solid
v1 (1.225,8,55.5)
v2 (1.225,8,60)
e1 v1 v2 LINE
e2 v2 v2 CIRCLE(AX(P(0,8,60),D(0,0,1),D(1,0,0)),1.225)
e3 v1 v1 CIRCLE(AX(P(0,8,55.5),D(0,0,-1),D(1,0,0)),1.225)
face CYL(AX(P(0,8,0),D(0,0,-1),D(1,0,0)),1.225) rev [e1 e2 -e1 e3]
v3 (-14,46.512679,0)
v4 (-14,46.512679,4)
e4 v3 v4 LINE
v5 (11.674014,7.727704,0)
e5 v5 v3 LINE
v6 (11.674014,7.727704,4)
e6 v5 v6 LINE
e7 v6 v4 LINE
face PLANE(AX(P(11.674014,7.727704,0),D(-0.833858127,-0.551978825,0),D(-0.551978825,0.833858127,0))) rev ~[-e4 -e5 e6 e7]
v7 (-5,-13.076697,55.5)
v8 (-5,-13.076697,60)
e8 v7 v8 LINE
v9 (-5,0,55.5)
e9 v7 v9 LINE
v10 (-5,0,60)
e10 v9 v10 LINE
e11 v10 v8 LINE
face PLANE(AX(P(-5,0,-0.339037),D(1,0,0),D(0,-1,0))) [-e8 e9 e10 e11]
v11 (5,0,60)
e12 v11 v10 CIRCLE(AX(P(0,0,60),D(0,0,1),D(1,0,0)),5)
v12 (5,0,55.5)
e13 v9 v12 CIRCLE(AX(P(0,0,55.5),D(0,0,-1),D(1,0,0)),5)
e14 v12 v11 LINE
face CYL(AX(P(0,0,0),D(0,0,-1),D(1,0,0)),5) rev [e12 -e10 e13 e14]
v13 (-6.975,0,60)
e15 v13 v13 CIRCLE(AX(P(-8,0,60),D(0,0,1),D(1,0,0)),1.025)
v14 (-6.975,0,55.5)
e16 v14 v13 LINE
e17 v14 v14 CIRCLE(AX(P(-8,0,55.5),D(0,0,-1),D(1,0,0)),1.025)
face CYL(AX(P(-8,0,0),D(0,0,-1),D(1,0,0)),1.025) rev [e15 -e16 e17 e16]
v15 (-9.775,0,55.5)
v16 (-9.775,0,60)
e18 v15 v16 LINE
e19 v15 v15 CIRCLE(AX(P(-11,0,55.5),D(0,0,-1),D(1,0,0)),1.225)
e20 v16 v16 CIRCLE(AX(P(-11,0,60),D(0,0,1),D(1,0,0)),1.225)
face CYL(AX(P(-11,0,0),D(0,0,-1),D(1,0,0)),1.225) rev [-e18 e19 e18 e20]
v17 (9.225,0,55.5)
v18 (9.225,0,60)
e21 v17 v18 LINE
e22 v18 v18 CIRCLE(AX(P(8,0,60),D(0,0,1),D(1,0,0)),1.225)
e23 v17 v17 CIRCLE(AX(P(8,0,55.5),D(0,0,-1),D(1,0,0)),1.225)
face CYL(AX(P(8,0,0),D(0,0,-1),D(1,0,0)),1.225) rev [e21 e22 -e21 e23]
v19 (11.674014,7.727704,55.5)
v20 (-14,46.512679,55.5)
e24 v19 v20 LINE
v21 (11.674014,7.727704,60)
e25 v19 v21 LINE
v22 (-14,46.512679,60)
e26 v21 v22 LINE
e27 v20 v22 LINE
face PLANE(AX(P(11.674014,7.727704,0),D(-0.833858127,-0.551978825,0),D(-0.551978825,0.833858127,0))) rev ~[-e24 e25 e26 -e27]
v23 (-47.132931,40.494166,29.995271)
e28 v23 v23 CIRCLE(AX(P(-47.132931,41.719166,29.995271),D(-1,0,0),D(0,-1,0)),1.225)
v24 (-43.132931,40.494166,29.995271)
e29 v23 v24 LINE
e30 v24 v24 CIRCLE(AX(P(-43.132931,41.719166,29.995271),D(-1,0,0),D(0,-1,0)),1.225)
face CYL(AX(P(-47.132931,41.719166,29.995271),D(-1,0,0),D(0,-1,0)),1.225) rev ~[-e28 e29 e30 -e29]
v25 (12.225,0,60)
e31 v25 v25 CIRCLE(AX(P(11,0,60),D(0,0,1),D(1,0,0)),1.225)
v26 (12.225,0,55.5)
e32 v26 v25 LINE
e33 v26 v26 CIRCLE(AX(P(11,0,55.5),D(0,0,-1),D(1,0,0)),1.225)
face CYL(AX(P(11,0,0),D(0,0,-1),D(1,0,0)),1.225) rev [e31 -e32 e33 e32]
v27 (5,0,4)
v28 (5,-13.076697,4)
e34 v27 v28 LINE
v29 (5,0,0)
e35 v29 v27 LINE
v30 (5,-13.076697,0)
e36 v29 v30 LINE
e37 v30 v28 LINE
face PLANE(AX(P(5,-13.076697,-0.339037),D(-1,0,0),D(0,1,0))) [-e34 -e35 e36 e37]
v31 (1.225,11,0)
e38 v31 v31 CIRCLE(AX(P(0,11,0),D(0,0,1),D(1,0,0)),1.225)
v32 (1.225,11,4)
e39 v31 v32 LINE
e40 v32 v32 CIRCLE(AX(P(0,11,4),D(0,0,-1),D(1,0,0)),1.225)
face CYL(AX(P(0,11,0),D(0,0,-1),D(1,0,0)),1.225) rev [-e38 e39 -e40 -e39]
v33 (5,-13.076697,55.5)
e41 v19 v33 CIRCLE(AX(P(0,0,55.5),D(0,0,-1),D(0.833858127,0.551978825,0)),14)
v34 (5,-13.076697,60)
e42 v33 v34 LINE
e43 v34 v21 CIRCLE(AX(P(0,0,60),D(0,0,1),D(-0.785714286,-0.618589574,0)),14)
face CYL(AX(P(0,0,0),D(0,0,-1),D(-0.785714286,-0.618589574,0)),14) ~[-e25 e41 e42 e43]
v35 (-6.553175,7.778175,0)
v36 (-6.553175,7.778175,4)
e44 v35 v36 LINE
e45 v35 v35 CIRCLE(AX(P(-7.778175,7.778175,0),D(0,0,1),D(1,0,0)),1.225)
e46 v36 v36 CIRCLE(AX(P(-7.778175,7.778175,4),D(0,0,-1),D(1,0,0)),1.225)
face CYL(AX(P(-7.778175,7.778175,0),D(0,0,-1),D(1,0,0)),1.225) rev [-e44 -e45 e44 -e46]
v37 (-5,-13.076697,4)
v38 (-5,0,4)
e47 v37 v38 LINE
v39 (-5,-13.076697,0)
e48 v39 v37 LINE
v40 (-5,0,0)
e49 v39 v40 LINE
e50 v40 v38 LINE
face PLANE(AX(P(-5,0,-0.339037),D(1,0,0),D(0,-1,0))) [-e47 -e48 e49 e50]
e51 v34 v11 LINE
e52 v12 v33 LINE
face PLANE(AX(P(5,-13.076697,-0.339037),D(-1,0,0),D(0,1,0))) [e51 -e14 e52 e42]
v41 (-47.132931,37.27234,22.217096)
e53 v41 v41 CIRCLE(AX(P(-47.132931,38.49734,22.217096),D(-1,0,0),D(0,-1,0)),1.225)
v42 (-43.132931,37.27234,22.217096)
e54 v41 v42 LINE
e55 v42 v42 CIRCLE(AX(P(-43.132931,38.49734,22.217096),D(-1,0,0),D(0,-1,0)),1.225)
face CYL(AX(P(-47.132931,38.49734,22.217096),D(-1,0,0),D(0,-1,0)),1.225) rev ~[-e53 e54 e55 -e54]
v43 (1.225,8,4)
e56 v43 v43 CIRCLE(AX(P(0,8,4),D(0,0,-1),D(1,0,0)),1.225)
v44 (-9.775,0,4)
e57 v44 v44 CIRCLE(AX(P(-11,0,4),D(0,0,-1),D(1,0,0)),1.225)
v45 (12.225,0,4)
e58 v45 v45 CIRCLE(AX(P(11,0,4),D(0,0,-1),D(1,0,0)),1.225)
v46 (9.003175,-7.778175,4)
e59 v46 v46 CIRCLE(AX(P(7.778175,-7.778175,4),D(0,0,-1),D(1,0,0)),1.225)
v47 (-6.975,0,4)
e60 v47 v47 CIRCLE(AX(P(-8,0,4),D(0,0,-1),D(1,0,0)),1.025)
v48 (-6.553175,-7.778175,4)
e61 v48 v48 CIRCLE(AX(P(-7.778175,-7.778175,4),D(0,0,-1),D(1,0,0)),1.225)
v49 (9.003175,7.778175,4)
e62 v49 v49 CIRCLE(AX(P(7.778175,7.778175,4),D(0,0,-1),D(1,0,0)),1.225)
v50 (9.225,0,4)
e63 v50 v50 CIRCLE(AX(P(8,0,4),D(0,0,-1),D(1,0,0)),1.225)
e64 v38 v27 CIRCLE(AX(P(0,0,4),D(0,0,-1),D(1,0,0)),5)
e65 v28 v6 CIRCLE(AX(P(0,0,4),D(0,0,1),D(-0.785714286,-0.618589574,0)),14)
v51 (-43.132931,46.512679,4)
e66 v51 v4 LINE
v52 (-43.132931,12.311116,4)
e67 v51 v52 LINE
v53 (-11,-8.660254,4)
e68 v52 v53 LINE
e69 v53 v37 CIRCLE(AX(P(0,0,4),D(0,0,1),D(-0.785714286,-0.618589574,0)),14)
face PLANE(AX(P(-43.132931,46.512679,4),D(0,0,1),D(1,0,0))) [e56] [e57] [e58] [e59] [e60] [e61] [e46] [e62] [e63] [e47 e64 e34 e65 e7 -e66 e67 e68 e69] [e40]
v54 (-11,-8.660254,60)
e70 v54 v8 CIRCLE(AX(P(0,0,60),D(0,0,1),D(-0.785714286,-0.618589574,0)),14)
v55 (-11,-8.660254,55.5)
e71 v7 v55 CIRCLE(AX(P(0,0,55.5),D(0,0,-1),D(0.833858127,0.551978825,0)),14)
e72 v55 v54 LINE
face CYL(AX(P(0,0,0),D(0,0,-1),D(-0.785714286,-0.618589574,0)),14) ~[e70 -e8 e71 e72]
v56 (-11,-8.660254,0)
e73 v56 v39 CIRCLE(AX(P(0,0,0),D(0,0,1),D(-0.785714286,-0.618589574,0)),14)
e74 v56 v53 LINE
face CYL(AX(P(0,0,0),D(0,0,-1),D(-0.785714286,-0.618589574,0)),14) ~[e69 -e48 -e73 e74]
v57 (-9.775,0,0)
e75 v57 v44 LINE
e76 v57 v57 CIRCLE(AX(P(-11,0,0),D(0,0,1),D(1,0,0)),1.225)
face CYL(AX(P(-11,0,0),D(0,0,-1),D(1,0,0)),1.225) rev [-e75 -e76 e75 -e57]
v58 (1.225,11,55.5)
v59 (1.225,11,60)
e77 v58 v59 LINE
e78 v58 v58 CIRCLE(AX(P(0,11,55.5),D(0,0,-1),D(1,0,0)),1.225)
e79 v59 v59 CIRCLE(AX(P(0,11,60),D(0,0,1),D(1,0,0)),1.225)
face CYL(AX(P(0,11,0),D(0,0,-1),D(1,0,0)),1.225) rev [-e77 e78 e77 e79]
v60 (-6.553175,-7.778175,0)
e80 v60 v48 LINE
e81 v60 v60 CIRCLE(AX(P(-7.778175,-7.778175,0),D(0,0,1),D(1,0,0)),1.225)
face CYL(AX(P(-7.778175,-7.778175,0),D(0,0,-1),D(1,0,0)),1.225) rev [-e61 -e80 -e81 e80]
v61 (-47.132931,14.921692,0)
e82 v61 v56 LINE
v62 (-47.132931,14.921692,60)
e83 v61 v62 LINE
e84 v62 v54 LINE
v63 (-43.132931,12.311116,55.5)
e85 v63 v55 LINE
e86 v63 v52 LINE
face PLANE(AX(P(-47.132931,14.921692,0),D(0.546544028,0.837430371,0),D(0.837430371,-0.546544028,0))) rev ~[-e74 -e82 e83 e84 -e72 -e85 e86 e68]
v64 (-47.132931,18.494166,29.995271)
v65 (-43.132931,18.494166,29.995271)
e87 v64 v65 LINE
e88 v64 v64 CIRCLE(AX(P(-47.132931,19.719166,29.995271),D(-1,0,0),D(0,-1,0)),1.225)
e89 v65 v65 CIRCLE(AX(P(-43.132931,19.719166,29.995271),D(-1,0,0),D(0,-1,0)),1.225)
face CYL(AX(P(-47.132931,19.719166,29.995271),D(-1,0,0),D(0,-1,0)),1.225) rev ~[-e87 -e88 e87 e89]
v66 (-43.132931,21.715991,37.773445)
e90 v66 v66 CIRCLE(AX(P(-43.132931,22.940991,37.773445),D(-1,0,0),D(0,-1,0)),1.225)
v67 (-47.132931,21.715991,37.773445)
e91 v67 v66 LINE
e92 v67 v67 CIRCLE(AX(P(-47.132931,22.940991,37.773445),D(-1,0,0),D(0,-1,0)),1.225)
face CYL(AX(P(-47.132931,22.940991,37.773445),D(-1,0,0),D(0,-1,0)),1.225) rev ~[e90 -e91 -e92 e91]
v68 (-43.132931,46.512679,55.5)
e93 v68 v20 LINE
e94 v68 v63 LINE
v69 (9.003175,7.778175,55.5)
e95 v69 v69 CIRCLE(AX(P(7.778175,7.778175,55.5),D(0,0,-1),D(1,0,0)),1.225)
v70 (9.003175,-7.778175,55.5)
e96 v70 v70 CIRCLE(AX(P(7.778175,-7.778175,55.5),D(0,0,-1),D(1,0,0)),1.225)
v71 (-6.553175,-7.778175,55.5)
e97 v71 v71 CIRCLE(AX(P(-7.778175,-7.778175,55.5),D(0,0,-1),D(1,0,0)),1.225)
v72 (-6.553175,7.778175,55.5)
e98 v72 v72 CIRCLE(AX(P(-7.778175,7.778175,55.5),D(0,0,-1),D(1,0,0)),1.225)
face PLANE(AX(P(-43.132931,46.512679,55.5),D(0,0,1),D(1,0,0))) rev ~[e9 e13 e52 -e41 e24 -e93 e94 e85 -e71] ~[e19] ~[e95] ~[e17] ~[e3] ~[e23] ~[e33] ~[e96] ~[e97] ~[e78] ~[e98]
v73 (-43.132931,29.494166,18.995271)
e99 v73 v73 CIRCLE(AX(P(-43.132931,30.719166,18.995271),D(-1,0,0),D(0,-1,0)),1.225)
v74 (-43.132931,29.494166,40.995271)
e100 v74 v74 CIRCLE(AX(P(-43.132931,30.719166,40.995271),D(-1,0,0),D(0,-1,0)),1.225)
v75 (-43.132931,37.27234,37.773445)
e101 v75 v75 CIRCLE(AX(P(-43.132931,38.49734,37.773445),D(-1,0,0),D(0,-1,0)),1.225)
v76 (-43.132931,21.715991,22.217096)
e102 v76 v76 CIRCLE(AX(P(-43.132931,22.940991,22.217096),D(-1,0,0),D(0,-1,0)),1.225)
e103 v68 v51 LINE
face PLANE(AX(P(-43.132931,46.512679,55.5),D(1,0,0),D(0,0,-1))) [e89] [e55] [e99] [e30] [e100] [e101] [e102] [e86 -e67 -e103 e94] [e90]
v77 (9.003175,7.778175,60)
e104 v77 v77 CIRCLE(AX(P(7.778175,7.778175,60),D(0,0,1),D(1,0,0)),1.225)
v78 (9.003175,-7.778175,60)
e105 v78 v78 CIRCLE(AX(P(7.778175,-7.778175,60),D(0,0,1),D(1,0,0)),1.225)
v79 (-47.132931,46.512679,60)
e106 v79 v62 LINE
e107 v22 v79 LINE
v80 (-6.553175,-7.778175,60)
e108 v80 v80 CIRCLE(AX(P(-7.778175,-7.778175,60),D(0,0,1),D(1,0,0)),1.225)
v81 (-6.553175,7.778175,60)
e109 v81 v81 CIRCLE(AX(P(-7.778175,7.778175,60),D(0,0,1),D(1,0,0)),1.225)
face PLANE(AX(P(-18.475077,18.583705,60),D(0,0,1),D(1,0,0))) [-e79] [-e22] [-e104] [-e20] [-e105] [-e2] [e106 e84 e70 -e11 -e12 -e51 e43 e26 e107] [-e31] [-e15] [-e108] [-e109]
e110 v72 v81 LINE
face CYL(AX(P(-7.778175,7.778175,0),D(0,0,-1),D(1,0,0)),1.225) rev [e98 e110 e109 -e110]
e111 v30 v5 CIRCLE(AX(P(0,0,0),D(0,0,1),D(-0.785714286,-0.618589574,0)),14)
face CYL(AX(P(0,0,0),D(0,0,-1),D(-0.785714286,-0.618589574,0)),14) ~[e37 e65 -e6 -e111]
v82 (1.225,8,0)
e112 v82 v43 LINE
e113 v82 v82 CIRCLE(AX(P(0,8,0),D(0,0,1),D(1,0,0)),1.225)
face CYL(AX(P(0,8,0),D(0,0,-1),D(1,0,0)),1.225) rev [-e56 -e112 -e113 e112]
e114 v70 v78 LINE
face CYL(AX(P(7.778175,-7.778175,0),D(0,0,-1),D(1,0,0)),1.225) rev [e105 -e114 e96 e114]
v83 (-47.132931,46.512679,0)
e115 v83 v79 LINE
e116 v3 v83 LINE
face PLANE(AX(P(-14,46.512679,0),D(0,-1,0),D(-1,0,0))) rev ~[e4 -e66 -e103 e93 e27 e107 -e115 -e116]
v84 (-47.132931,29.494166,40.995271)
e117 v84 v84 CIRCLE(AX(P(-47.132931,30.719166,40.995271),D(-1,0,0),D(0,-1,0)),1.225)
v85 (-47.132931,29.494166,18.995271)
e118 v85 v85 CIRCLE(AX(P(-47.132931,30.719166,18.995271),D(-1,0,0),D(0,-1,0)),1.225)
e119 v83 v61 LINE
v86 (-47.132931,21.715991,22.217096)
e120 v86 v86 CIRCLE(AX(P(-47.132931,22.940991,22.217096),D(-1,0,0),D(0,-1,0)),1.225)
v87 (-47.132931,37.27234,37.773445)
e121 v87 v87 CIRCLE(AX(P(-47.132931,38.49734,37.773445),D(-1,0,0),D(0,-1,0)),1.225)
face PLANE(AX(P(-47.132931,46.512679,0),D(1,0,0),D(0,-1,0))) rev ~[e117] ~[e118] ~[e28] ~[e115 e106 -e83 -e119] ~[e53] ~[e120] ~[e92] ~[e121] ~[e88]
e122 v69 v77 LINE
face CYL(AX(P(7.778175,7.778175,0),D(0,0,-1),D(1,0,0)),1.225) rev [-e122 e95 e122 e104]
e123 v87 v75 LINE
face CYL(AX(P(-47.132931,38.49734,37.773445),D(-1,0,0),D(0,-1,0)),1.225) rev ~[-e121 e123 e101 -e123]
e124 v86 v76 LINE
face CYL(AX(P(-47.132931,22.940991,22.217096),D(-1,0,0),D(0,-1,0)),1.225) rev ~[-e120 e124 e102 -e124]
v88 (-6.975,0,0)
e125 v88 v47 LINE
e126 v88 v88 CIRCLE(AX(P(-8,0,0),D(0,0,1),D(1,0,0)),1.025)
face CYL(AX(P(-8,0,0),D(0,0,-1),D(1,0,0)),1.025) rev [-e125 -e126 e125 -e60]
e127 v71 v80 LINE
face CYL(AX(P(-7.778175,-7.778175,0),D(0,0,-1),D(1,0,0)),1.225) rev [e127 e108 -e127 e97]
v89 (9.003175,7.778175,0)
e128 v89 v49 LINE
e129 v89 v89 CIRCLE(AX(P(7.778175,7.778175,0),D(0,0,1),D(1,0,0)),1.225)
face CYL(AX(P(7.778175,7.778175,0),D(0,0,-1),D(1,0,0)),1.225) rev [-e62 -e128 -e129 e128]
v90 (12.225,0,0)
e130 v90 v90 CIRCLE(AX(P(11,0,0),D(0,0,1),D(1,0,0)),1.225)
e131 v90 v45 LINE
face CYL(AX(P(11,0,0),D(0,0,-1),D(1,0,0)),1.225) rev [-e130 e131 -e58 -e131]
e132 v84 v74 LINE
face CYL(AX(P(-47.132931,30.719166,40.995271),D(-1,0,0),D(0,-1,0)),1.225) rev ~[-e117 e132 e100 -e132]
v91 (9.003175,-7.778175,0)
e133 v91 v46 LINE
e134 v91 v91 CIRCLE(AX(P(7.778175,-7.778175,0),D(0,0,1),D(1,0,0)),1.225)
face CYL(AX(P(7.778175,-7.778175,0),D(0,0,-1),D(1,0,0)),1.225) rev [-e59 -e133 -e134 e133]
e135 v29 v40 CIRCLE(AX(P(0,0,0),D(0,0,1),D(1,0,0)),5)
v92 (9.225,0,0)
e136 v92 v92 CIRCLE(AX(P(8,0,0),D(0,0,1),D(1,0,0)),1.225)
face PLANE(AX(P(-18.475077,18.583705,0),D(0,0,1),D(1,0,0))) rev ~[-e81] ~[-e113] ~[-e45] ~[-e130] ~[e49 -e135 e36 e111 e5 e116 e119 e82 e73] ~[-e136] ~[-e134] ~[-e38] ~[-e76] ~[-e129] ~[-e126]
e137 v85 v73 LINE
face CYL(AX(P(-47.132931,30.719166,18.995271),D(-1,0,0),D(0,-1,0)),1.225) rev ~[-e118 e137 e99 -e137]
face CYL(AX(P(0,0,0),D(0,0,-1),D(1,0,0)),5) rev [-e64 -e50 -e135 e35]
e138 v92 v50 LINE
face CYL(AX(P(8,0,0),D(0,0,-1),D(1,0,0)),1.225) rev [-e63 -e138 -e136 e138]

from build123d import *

# Parameters (mm, degrees)
SKETCH_1_R          = 5
SKETCH_1_R_2        = 1.225
SKETCH_1_R_3        = 1.025
EXTRUDE_1_DEPTH     = 60
SKETCH_2_W          = 57.132931415
SKETCH_2_H          = 51.5
CUT_EXTRUDE_1_DEPTH = 66
CUT_EXTRUDE_START   = -60.33903683
CUT_EXTRUDE_3_DEPTH = 60.33903683
SKETCH_8_R          = 1.225
CUT_EXTRUDE_4_DEPTH = 10


with BuildPart() as part:
    # 스케치1 → 보스-돌출1 (new body)
    with BuildSketch(Plane.XY):
        with BuildLine():
            Line((11.674013781, 7.727703555), (-14, 46.512678751))
            Line((-14, 46.512678751), (-47.132931415, 46.512678751))
            Line((-47.132931415, 46.512678751), (-47.132931415, 14.921692086))
            Line((-47.132931415, 14.921692086), (-11, -8.660254038))
            ThreePointArc((-11, -8.660254038), (8.200906179, -11.346591463), (11.674013781, 7.727703555))
        make_face()
        Circle(SKETCH_1_R, mode=Mode.SUBTRACT)
        with Locations((0, 8)):
            Circle(SKETCH_1_R_2, mode=Mode.SUBTRACT)
        with Locations((0, 11)):
            Circle(SKETCH_1_R_2, mode=Mode.SUBTRACT)
        with Locations((7.778174593, 7.778174593)):
            Circle(SKETCH_1_R_2, mode=Mode.SUBTRACT)
        with Locations((8, 0)):
            Circle(SKETCH_1_R_2, mode=Mode.SUBTRACT)
        with Locations((11, 0)):
            Circle(SKETCH_1_R_2, mode=Mode.SUBTRACT)
        with Locations((7.778174593, -7.778174593)):
            Circle(SKETCH_1_R_2, mode=Mode.SUBTRACT)
        with Locations((0, -8)):
            Circle(SKETCH_1_R_2, mode=Mode.SUBTRACT)
        with Locations((0, -11)):
            Circle(SKETCH_1_R_2, mode=Mode.SUBTRACT)
        with Locations((-7.778174593, -7.778174593)):
            Circle(SKETCH_1_R_2, mode=Mode.SUBTRACT)
        with Locations((-8, 0)):
            Circle(SKETCH_1_R_3, mode=Mode.SUBTRACT)
        with Locations((-11, 0)):
            Circle(SKETCH_1_R_2, mode=Mode.SUBTRACT)
        with Locations((-7.778174593, 7.778174593)):
            Circle(SKETCH_1_R_2, mode=Mode.SUBTRACT)
    extrude(amount=EXTRUDE_1_DEPTH)

    # 스케치2 → 컷-돌출1 (cut)
    with BuildSketch(Plane(origin=(0, 46.512678751, 0), x_dir=(1, 0, 0), z_dir=(0, 1, 0))):
        with Locations((-14.566465708, -29.75)):
            Rectangle(SKETCH_2_W, SKETCH_2_H)
    extrude(amount=-CUT_EXTRUDE_1_DEPTH, mode=Mode.SUBTRACT)

    # 스케치4 → 컷-돌출3 (cut)
    with BuildSketch(Plane.XY.offset(60).offset(CUT_EXTRUDE_START)):
        with BuildLine():
            Line((-5, 0), (-5, -13.076696831))
            ThreePointArc((-5, -13.076696831), (0, -14), (5, -13.076696831))
            Line((5, -13.076696831), (5, 0))
            Line((5, 0), (-5, 0))
        make_face()
    extrude(amount=CUT_EXTRUDE_3_DEPTH, mode=Mode.SUBTRACT)

    # 스케치8 → 컷-돌출4 (cut)
    with BuildSketch(Plane.ZY.offset(47.132931415)):
        with Locations(Location((22.217096027, 38.497340433, 0), (0, 0, 270))):
            Circle(SKETCH_8_R)
        with Locations(Location((29.99527062, 41.71916584, 0), (0, 0, 270))):
            Circle(SKETCH_8_R)
        with Locations(Location((37.773445213, 38.497340433, 0), (0, 0, 270))):
            Circle(SKETCH_8_R)
        with Locations(Location((40.99527062, 30.71916584, 0), (0, 0, 270))):
            Circle(SKETCH_8_R)
        with Locations(Location((37.773445213, 22.940991247, 0), (0, 0, 270))):
            Circle(SKETCH_8_R)
        with Locations(Location((29.99527062, 19.71916584, 0), (0, 0, 270))):
            Circle(SKETCH_8_R)
        with Locations(Location((22.217096027, 22.940991247, 0), (0, 0, 270))):
            Circle(SKETCH_8_R)
        with Locations(Location((18.99527062, 30.71916584, 0), (0, 0, 270))):
            Circle(SKETCH_8_R)
    extrude(amount=-CUT_EXTRUDE_4_DEPTH, mode=Mode.SUBTRACT)


solid = part.part
